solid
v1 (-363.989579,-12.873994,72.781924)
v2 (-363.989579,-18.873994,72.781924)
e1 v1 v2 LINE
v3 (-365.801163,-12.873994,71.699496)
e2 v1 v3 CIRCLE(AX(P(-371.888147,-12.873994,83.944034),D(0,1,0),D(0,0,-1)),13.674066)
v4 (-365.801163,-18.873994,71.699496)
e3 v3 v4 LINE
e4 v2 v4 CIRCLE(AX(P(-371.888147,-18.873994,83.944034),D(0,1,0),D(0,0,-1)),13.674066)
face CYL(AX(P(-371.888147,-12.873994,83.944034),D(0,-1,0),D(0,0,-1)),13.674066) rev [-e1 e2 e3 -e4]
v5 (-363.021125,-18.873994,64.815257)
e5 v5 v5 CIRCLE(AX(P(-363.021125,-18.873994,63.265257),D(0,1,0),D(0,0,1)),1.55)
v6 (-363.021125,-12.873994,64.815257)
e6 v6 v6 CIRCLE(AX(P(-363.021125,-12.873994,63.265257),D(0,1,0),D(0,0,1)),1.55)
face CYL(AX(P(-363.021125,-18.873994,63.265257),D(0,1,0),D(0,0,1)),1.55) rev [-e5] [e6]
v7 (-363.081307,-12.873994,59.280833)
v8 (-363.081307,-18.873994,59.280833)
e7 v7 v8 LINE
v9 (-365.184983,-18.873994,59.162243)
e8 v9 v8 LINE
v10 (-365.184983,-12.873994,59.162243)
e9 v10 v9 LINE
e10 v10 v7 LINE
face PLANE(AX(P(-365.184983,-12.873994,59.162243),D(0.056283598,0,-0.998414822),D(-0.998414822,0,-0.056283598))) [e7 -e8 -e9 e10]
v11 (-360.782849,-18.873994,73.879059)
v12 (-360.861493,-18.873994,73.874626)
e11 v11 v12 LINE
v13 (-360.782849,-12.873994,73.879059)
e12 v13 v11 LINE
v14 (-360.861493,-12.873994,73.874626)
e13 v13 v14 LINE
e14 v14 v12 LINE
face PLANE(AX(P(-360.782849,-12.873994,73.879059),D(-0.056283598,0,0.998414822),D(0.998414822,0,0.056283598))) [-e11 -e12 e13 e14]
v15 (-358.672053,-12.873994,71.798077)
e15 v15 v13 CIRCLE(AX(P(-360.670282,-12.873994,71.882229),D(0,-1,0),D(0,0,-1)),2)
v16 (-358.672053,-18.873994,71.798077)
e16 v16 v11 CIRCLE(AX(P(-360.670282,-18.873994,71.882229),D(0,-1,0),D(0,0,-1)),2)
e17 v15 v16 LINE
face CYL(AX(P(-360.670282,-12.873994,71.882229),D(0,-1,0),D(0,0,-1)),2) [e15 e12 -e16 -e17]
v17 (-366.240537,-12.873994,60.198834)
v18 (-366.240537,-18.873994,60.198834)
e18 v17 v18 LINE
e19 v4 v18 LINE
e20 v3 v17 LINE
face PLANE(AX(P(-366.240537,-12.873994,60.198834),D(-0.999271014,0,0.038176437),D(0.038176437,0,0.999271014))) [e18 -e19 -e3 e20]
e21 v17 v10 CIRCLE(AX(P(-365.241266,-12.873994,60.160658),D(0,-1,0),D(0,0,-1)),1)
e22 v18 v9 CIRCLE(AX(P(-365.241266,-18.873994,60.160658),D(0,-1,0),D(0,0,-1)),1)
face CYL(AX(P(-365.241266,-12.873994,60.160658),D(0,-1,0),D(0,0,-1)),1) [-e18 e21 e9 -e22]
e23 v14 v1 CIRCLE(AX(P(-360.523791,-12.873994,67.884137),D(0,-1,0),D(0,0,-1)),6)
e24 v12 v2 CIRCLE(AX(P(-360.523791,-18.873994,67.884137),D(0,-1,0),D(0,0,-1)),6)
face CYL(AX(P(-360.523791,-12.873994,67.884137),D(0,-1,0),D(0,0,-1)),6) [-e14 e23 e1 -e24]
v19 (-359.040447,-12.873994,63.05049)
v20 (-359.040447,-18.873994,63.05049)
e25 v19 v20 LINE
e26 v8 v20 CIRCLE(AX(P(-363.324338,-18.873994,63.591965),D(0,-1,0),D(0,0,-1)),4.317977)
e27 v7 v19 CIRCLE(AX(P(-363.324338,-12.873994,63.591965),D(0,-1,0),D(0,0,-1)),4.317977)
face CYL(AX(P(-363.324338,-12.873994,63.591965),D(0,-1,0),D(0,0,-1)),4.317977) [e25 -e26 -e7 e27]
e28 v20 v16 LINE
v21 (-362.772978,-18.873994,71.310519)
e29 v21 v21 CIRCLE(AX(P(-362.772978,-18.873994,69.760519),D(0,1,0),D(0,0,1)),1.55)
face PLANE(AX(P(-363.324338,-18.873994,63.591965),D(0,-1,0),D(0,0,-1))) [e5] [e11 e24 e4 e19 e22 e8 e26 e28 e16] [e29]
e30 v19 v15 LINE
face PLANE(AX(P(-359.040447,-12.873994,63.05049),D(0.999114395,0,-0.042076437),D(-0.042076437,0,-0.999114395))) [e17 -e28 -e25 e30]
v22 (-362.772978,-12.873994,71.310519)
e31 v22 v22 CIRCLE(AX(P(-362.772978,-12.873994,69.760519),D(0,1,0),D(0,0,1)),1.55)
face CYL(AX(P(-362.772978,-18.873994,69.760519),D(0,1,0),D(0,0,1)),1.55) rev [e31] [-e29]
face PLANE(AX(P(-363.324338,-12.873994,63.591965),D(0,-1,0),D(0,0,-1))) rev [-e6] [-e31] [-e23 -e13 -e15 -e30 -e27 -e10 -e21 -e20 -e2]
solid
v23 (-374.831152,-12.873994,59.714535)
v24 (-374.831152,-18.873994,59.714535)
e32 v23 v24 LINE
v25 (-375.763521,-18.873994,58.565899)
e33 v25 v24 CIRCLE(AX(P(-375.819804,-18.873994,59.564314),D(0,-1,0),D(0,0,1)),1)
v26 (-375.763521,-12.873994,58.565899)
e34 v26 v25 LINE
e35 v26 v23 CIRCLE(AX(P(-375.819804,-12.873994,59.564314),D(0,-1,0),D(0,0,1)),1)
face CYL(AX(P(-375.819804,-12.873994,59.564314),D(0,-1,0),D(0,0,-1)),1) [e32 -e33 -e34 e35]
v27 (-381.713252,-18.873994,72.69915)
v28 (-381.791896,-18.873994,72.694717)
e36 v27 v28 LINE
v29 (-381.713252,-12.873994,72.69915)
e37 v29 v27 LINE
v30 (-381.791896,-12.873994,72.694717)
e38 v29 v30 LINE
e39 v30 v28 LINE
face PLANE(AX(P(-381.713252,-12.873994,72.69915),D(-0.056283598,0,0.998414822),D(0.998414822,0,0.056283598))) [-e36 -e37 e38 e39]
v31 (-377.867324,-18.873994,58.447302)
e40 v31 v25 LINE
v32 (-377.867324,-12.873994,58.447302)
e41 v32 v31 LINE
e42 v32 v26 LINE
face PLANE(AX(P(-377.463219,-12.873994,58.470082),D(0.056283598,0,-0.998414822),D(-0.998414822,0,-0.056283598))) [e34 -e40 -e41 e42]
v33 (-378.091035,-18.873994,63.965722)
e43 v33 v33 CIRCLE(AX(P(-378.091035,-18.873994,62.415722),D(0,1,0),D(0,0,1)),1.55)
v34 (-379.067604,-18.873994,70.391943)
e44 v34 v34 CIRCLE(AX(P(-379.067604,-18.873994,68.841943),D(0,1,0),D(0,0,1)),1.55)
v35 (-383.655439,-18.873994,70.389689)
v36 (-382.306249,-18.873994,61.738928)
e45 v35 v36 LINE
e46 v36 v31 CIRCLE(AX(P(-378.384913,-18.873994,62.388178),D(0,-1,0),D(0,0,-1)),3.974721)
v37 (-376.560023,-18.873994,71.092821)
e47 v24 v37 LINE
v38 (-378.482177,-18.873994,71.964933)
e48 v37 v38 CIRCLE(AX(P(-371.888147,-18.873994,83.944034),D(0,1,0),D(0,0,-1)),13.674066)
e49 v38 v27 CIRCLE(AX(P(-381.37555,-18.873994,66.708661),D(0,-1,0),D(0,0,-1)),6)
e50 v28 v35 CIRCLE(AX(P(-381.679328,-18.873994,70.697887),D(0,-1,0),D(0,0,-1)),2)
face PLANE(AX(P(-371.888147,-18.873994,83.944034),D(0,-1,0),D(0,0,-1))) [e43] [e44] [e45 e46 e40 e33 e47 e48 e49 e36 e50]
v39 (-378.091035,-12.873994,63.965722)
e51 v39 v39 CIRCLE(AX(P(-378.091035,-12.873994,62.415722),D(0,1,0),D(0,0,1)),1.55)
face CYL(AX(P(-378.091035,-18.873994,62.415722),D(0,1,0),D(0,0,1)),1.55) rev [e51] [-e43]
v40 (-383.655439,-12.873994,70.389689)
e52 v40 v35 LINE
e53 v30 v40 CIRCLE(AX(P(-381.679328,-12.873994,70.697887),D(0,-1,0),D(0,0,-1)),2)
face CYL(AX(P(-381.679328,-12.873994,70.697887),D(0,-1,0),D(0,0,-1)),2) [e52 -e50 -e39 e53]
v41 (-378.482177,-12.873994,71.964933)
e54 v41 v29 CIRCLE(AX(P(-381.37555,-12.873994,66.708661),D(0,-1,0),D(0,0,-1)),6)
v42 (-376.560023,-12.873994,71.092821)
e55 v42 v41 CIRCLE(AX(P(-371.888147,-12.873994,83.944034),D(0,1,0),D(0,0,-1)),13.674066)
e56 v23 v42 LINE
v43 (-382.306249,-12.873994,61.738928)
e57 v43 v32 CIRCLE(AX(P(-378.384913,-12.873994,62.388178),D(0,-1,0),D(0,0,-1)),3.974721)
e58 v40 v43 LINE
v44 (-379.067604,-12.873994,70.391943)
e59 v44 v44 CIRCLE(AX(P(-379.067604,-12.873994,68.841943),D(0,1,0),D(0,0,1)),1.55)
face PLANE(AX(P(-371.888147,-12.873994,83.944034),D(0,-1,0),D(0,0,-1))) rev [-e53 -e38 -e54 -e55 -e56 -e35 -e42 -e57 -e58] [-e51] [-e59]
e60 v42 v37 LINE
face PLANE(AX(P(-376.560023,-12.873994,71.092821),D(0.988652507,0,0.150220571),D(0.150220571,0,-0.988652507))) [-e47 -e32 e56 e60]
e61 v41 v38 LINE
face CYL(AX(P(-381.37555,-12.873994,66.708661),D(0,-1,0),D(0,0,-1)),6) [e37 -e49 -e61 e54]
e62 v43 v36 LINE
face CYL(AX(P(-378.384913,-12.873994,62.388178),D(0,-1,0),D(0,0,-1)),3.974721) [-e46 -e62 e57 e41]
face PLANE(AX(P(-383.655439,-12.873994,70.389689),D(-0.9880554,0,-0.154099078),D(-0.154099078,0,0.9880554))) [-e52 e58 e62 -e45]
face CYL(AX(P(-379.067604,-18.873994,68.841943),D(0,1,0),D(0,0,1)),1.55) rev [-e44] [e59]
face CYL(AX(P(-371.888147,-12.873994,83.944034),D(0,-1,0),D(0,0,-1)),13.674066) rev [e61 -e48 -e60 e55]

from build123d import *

# Parameters (mm, degrees)
DODANIE_WYCI_GNI_CIE1_DEPTH   = 6
DODANIE_WYCI_GNI_CIE1_2_DEPTH = 6
SZKIC2_R                      = 1.55
WYTNIJ_WYCI_GNI_CIE1_DEPTH    = 6


with BuildPart() as part:
    # Szkic1 → Dodanie-wyciągnięcie1 (new body)
    with BuildSketch(Plane.XZ.offset(18.873993717)):
        with BuildLine():
            Line((-376.560022787, 71.092821297), (-374.831151718, 59.714534639))
            ThreePointArc((-374.831151718, 59.714534639), (-375.043393456, 58.934086873), (-375.763520627, 58.565899246))
            Line((-375.763520627, 58.565899246), (-377.463219092, 58.470082214))
            Line((-377.463219092, 58.470082214), (-377.867323557, 58.44730165))
            ThreePointArc((-377.867323557, 58.44730165), (-380.752416846, 59.195478513), (-382.306249359, 61.738928222))
            Line((-382.306249359, 61.738928222), (-383.655439175, 70.389689128))
            ThreePointArc((-383.655439175, 70.389689128), (-383.234620063, 71.955292457), (-381.791895571, 72.694716929))
            Line((-381.791895571, 72.694716929), (-381.713251764, 72.699150313))
            ThreePointArc((-381.713251764, 72.699150313), (-380.046026471, 72.55950463), (-378.482176857, 71.964932953))
            ThreePointArc((-378.482176857, 71.964932953), (-377.5379525, 71.491733437), (-376.560022787, 71.092821297))
        make_face()
    extrude(amount=-DODANIE_WYCI_GNI_CIE1_DEPTH)


with BuildPart() as body_2:
    # Szkic1 → Dodanie-wyci_gni_cie1 2 (new body)
    with BuildSketch(Plane.XZ.offset(18.873993717)):
        with BuildLine():
            Line((-366.240537331, 60.198833989), (-365.801162735, 71.699496113))
            ThreePointArc((-365.801162735, 71.699496113), (-364.874458275, 72.205709794), (-363.989579114, 72.781923572))
            ThreePointArc((-363.989579114, 72.781923572), (-362.502460733, 73.548487343), (-360.861493062, 73.874625653))
            Line((-360.861493062, 73.874625653), (-360.782849254, 73.879059037))
            ThreePointArc((-360.782849254, 73.879059037), (-359.266162416, 73.306465339), (-358.67205327, 71.798076519))
            Line((-358.67205327, 71.798076519), (-359.040446779, 63.050490359))
            ThreePointArc((-359.040446779, 63.050490359), (-360.378861081, 60.434579133), (-363.081307119, 59.280833149))
            Line((-363.081307119, 59.280833149), (-363.485411585, 59.258052584))
            Line((-363.485411585, 59.258052584), (-365.184982719, 59.162242731))
            ThreePointArc((-365.184982719, 59.162242731), (-365.941935052, 59.447170815), (-366.240537331, 60.198833989))
        make_face()
    extrude(amount=-DODANIE_WYCI_GNI_CIE1_2_DEPTH)


with BuildPart() as wytnij_wyci_gni_cie1_tool:
    # Szkic2 → Wytnij-wyciągnięcie1 (new body)
    with BuildSketch(Plane(origin=(0, -12.873993717, 0), x_dir=(-1, 0, 0), z_dir=(0, 1, 0))):
        with Locations(Location((378.091035143, 62.415721781, 0), (0, 0, 90))):
            Circle(SZKIC2_R)
        with Locations(Location((379.067604175, 68.841942515, 0), (0, 0, 90))):
            Circle(SZKIC2_R)
        with Locations(Location((363.021125314, 63.265257191, 0), (0, 0, 90))):
            Circle(SZKIC2_R)
        with Locations(Location((362.772978476, 69.760518782, 0), (0, 0, 90))):
            Circle(SZKIC2_R)
    extrude(amount=-WYTNIJ_WYCI_GNI_CIE1_DEPTH)


with BuildPart() as part_1:
    add(part.part)

    # Wytnij-wyciągnięcie1: cut by wytnij_wyci_gni_cie1_tool
    add(wytnij_wyci_gni_cie1_tool.part, mode=Mode.SUBTRACT)


with BuildPart() as body_2_1:
    add(body_2.part)

    # Wytnij-wyciągnięcie1: cut by wytnij_wyci_gni_cie1_tool
    add(wytnij_wyci_gni_cie1_tool.part, mode=Mode.SUBTRACT)


solid = Compound([part_1.part, body_2_1.part])
